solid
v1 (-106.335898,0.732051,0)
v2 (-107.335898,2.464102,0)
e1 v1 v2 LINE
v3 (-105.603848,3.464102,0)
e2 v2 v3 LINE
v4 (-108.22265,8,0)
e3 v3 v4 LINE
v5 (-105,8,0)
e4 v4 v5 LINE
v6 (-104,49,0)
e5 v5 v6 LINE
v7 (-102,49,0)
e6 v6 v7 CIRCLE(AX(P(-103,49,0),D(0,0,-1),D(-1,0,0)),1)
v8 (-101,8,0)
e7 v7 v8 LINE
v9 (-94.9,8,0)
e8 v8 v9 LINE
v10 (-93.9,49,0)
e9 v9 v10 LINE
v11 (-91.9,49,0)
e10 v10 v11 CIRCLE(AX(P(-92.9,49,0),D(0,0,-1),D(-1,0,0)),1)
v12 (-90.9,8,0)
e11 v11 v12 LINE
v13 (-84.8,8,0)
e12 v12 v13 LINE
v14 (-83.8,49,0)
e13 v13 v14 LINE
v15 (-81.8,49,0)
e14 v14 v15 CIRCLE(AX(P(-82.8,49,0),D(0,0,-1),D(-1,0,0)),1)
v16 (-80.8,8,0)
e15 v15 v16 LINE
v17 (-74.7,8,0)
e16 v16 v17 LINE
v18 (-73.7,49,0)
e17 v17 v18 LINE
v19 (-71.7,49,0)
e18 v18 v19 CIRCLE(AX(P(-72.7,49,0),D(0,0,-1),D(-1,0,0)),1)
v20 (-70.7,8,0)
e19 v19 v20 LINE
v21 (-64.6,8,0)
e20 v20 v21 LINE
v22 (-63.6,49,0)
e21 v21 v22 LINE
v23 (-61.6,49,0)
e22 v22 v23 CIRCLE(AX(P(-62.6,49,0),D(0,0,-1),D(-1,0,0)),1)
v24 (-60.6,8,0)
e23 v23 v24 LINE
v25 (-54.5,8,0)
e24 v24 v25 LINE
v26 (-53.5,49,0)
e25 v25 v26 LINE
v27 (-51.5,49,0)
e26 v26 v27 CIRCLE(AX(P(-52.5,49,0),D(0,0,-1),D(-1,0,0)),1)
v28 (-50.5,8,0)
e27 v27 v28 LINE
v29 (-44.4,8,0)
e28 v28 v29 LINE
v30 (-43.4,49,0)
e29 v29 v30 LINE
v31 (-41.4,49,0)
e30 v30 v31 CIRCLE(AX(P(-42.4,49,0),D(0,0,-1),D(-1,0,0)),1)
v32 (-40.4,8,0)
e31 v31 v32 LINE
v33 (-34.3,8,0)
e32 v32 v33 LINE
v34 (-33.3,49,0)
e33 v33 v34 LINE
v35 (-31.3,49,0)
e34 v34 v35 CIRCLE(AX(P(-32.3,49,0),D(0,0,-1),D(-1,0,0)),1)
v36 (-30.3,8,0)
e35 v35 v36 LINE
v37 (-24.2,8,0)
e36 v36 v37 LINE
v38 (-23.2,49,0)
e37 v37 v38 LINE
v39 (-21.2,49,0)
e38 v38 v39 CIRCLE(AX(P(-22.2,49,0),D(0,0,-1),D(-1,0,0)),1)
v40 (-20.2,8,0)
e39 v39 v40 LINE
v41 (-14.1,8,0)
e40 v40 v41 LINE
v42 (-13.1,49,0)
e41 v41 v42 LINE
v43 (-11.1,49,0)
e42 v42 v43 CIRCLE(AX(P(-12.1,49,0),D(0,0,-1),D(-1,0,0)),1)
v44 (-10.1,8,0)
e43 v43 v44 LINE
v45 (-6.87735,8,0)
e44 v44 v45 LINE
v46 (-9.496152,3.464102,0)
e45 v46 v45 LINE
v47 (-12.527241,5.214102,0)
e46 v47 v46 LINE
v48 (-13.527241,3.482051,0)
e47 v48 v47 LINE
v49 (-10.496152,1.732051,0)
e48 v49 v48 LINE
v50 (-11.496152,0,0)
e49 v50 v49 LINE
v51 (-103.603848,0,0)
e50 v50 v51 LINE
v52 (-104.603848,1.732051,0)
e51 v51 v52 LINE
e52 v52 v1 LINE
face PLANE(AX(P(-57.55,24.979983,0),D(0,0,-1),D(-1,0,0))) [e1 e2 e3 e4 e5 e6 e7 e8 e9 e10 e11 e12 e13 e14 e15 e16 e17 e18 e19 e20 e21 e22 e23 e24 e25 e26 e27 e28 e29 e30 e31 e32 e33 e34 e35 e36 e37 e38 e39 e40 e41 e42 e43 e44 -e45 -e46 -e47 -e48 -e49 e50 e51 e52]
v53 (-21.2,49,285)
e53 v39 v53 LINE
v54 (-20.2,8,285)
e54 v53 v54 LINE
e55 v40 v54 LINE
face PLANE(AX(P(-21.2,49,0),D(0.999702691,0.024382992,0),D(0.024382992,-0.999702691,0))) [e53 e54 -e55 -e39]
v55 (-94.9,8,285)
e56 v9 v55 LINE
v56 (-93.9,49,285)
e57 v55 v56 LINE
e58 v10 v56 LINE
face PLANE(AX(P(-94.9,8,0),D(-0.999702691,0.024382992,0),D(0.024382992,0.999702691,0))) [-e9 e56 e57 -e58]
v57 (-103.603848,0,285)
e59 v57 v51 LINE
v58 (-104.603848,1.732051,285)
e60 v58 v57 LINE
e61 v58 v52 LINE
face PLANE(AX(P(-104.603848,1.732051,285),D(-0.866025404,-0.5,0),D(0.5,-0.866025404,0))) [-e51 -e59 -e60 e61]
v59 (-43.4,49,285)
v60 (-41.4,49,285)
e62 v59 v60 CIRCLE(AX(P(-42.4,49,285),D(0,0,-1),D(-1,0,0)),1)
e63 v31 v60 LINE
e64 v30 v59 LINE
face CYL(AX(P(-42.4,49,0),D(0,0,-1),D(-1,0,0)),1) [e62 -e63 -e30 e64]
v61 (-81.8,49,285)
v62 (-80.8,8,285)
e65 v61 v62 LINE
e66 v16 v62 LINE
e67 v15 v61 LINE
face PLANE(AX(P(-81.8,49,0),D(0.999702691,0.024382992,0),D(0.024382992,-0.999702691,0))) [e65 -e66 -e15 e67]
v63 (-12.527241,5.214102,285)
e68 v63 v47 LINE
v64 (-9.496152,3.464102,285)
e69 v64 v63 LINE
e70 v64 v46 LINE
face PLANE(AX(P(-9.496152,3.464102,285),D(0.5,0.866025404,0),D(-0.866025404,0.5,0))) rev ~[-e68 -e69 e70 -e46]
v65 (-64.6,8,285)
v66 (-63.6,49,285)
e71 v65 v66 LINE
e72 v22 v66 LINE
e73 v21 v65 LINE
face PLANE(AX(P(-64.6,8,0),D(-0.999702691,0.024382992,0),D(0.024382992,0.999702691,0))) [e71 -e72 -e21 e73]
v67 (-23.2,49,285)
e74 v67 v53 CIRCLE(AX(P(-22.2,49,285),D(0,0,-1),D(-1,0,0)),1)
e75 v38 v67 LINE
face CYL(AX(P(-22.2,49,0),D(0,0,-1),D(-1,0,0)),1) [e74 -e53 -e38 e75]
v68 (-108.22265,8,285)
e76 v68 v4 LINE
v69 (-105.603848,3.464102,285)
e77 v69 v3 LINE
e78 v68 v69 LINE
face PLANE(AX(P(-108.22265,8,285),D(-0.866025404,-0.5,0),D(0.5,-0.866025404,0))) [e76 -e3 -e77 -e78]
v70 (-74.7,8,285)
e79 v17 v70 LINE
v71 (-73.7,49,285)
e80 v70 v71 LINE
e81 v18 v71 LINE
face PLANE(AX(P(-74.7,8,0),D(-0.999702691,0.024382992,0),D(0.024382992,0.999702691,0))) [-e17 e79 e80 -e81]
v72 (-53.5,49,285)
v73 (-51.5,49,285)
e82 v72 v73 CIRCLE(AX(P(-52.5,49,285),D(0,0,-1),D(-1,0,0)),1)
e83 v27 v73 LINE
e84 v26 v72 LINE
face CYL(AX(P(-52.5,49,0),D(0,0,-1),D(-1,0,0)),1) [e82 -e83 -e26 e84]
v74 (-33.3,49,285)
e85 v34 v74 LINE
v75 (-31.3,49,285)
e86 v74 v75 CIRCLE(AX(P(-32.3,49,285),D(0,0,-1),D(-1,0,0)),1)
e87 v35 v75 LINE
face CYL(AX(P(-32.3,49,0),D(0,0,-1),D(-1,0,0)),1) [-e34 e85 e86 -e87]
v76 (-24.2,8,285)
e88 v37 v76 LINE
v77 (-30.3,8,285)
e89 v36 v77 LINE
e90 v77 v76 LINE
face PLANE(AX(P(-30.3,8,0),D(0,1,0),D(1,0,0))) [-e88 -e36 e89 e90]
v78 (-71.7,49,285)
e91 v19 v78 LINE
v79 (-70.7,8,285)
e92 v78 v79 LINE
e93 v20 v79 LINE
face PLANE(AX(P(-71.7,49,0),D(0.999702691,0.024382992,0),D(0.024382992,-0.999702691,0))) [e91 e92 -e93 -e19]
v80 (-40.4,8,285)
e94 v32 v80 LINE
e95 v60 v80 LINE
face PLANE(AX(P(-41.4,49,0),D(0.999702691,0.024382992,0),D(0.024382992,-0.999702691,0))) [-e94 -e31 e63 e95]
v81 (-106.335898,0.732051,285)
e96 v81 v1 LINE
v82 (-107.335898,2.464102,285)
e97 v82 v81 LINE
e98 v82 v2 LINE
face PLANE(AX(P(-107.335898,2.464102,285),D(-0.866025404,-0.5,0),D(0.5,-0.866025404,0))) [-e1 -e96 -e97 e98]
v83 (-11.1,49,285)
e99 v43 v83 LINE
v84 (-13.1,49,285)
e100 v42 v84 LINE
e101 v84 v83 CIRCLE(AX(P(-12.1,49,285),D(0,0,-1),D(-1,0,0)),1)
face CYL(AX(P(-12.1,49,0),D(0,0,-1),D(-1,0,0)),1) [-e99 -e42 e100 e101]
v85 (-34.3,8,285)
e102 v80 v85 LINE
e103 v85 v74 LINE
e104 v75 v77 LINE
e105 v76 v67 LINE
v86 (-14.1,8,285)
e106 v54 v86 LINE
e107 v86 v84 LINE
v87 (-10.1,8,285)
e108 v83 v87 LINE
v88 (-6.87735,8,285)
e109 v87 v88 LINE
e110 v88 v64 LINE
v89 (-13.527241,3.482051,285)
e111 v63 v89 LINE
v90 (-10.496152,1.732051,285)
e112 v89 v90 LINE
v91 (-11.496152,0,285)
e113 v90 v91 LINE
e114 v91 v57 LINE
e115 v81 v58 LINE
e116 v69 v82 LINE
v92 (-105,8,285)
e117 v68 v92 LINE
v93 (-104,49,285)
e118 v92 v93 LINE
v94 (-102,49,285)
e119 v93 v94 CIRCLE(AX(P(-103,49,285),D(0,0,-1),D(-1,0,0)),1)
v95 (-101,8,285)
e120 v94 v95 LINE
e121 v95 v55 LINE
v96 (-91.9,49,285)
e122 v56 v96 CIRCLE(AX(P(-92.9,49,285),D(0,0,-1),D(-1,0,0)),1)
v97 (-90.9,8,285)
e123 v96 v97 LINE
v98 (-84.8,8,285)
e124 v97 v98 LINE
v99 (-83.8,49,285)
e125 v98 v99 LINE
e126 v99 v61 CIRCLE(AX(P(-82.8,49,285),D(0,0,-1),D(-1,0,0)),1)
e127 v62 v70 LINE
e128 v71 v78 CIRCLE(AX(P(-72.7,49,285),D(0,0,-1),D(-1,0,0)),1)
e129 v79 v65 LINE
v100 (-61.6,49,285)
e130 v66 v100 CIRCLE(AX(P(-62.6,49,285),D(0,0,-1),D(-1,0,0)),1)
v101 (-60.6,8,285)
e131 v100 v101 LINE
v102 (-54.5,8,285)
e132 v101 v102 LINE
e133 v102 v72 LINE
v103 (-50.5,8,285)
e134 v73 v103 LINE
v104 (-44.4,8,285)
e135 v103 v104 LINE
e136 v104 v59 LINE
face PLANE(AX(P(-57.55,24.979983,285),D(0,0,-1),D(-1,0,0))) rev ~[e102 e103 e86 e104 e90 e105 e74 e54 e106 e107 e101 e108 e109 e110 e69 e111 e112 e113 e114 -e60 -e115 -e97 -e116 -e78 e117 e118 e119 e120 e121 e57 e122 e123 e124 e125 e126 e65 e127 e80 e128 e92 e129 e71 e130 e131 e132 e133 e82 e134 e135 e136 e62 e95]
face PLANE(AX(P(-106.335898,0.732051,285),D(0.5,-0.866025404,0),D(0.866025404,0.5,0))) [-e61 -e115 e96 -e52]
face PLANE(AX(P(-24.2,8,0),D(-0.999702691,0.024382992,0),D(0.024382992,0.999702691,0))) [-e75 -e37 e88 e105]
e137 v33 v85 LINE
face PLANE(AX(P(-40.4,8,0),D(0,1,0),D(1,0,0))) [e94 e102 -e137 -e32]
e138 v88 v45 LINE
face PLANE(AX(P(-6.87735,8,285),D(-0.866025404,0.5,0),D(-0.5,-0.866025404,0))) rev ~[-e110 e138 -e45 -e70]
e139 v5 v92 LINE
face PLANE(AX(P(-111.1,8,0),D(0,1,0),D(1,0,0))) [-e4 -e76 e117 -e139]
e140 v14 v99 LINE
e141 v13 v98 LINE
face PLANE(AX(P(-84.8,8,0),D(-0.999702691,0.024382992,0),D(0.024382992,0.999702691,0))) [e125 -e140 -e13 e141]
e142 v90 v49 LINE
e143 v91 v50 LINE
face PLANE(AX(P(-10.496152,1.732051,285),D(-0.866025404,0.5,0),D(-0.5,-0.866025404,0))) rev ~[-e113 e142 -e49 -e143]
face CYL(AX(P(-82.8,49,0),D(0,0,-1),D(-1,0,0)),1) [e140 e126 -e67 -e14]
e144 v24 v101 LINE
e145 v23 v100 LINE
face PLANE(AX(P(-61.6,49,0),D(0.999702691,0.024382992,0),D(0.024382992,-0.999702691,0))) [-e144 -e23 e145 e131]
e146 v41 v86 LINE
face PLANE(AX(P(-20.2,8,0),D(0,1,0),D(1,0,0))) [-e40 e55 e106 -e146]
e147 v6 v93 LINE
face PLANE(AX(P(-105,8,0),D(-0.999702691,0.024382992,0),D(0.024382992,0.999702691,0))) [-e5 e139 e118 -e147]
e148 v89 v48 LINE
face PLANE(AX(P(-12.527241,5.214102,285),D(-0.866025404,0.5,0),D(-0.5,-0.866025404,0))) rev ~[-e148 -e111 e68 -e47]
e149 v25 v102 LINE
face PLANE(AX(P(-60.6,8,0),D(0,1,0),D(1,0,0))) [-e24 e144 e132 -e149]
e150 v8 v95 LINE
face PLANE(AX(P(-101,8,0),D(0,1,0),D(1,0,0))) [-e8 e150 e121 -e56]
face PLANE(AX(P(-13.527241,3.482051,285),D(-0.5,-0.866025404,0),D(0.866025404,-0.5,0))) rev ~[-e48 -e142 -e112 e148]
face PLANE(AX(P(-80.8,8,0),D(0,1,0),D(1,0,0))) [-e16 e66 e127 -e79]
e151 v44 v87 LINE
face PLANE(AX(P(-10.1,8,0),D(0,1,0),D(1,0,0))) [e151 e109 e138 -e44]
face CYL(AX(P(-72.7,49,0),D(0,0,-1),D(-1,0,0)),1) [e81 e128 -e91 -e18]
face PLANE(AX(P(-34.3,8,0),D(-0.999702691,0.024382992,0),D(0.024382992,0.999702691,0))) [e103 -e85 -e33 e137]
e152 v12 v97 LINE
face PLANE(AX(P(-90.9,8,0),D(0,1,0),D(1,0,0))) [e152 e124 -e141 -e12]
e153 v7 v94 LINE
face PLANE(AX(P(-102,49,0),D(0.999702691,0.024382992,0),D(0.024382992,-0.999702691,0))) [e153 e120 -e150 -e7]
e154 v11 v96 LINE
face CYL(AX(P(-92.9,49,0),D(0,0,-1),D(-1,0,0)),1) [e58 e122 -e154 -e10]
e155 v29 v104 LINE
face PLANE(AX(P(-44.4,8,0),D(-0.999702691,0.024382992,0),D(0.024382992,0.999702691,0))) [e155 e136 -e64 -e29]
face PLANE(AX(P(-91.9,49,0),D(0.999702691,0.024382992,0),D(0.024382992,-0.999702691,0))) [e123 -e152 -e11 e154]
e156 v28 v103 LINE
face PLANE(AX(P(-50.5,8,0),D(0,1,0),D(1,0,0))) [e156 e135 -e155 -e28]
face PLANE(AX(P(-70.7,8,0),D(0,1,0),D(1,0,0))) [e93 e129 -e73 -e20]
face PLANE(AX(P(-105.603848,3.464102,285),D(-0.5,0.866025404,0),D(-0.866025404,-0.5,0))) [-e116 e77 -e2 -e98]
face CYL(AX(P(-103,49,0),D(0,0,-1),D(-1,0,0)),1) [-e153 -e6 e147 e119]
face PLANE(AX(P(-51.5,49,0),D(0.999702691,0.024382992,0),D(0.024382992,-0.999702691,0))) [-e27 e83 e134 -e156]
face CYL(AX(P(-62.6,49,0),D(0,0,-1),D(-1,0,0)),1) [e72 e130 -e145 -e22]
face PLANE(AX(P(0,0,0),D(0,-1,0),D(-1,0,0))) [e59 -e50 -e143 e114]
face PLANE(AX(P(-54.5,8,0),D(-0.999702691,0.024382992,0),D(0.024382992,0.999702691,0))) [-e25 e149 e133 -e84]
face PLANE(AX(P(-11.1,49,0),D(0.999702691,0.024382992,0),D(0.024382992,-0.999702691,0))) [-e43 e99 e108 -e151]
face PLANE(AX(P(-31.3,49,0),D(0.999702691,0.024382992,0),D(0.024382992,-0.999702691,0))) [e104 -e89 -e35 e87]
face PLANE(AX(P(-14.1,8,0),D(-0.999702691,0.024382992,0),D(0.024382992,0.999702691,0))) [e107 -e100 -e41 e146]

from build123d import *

# Parameters (mm, degrees)
RESSALTO_EXTRUS_O1_DEPTH   = 285
CORTE_EXTRUS_O1_DEPTH      = 1
CORTE_EXTRUS_O1_DEPTH_BACK = 286


with BuildPart() as part:
    # Esboço1 → Ressalto-extrusão1 (new body)
    with BuildSketch(Plane.XY):
        with BuildLine():
            Line((0, 0), (-115.1, 0))
            Line((-115.1, 0), (-115.1, 8))
            Line((-115.1, 8), (-114.1, 49))
            ThreePointArc((-114.1, 49), (-113.1, 50), (-112.1, 49))
            Line((-112.1, 49), (-111.1, 8))
            Line((-111.1, 8), (-105, 8))
            Line((-105, 8), (-104, 49))
            ThreePointArc((-104, 49), (-103, 50), (-102, 49))
            Line((-102, 49), (-101, 8))
            Line((-101, 8), (-94.9, 8))
            Line((-94.9, 8), (-93.9, 49))
            ThreePointArc((-93.9, 49), (-92.9, 50), (-91.9, 49))
            Line((-91.9, 49), (-90.9, 8))
            Line((-90.9, 8), (-84.8, 8))
            Line((-84.8, 8), (-83.8, 49))
            ThreePointArc((-83.8, 49), (-82.8, 50), (-81.8, 49))
            Line((-81.8, 49), (-80.8, 8))
            Line((-80.8, 8), (-74.7, 8))
            Line((-74.7, 8), (-73.7, 49))
            ThreePointArc((-73.7, 49), (-72.7, 50), (-71.7, 49))
            Line((-71.7, 49), (-70.7, 8))
            Line((-70.7, 8), (-64.6, 8))
            Line((-64.6, 8), (-63.6, 49))
            ThreePointArc((-63.6, 49), (-62.6, 50), (-61.6, 49))
            Line((-61.6, 49), (-60.6, 8))
            Line((-60.6, 8), (-54.5, 8))
            Line((-54.5, 8), (-53.5, 49))
            ThreePointArc((-53.5, 49), (-52.5, 50), (-51.5, 49))
            Line((-51.5, 49), (-50.5, 8))
            Line((-50.5, 8), (-44.4, 8))
            Line((-44.4, 8), (-43.4, 49))
            ThreePointArc((-43.4, 49), (-42.4, 50), (-41.4, 49))
            Line((-41.4, 49), (-40.4, 8))
            Line((-40.4, 8), (-34.3, 8))
            Line((-34.3, 8), (-33.3, 49))
            ThreePointArc((-33.3, 49), (-32.3, 50), (-31.3, 49))
            Line((-31.3, 49), (-30.3, 8))
            Line((-30.3, 8), (-24.2, 8))
            Line((-24.2, 8), (-23.2, 49))
            ThreePointArc((-23.2, 49), (-22.2, 50), (-21.2, 49))
            Line((-21.2, 49), (-20.2, 8))
            Line((-20.2, 8), (-14.1, 8))
            Line((-14.1, 8), (-13.1, 49))
            ThreePointArc((-13.1, 49), (-12.1, 50), (-11.1, 49))
            Line((-11.1, 49), (-10.1, 8))
            Line((-10.1, 8), (-4, 8))
            Line((-4, 8), (-3, 49))
            ThreePointArc((-3, 49), (-2, 50), (-1, 49))
            Line((-1, 49), (0, 8))
            Line((0, 8), (0, 0))
        make_face()
    extrude(amount=RESSALTO_EXTRUS_O1_DEPTH)

    # Esboço2 → Corte-extrusão1 (cut, two sides)
    with BuildSketch(Plane.XY.offset(285)) as corte_extrus_o1_sk:
        Polygon((-11.496152423, 0), (0, 0), (0, 52.247610254), (-6.877350269, 52.247610254), (-6.877350269, 8), (-9.496152423, 3.464101615), (-12.527241336, 5.214101615), (-13.527241336, 3.482050808), (-10.496152423, 1.732050808), align=None)
        Polygon((-103.603847577, 0), (-116.981639653, 0), (-116.981639653, 53.433129288), (-108.222649731, 53.433129288), (-108.222649731, 8), (-105.603847577, 3.464101615), (-107.335898385, 2.464101615), (-106.335898385, 0.732050808), (-104.603847577, 1.732050808), align=None)
    extrude(amount=CORTE_EXTRUS_O1_DEPTH, mode=Mode.SUBTRACT)
    extrude(corte_extrus_o1_sk.sketch, amount=-CORTE_EXTRUS_O1_DEPTH_BACK, mode=Mode.SUBTRACT)


solid = part.part
